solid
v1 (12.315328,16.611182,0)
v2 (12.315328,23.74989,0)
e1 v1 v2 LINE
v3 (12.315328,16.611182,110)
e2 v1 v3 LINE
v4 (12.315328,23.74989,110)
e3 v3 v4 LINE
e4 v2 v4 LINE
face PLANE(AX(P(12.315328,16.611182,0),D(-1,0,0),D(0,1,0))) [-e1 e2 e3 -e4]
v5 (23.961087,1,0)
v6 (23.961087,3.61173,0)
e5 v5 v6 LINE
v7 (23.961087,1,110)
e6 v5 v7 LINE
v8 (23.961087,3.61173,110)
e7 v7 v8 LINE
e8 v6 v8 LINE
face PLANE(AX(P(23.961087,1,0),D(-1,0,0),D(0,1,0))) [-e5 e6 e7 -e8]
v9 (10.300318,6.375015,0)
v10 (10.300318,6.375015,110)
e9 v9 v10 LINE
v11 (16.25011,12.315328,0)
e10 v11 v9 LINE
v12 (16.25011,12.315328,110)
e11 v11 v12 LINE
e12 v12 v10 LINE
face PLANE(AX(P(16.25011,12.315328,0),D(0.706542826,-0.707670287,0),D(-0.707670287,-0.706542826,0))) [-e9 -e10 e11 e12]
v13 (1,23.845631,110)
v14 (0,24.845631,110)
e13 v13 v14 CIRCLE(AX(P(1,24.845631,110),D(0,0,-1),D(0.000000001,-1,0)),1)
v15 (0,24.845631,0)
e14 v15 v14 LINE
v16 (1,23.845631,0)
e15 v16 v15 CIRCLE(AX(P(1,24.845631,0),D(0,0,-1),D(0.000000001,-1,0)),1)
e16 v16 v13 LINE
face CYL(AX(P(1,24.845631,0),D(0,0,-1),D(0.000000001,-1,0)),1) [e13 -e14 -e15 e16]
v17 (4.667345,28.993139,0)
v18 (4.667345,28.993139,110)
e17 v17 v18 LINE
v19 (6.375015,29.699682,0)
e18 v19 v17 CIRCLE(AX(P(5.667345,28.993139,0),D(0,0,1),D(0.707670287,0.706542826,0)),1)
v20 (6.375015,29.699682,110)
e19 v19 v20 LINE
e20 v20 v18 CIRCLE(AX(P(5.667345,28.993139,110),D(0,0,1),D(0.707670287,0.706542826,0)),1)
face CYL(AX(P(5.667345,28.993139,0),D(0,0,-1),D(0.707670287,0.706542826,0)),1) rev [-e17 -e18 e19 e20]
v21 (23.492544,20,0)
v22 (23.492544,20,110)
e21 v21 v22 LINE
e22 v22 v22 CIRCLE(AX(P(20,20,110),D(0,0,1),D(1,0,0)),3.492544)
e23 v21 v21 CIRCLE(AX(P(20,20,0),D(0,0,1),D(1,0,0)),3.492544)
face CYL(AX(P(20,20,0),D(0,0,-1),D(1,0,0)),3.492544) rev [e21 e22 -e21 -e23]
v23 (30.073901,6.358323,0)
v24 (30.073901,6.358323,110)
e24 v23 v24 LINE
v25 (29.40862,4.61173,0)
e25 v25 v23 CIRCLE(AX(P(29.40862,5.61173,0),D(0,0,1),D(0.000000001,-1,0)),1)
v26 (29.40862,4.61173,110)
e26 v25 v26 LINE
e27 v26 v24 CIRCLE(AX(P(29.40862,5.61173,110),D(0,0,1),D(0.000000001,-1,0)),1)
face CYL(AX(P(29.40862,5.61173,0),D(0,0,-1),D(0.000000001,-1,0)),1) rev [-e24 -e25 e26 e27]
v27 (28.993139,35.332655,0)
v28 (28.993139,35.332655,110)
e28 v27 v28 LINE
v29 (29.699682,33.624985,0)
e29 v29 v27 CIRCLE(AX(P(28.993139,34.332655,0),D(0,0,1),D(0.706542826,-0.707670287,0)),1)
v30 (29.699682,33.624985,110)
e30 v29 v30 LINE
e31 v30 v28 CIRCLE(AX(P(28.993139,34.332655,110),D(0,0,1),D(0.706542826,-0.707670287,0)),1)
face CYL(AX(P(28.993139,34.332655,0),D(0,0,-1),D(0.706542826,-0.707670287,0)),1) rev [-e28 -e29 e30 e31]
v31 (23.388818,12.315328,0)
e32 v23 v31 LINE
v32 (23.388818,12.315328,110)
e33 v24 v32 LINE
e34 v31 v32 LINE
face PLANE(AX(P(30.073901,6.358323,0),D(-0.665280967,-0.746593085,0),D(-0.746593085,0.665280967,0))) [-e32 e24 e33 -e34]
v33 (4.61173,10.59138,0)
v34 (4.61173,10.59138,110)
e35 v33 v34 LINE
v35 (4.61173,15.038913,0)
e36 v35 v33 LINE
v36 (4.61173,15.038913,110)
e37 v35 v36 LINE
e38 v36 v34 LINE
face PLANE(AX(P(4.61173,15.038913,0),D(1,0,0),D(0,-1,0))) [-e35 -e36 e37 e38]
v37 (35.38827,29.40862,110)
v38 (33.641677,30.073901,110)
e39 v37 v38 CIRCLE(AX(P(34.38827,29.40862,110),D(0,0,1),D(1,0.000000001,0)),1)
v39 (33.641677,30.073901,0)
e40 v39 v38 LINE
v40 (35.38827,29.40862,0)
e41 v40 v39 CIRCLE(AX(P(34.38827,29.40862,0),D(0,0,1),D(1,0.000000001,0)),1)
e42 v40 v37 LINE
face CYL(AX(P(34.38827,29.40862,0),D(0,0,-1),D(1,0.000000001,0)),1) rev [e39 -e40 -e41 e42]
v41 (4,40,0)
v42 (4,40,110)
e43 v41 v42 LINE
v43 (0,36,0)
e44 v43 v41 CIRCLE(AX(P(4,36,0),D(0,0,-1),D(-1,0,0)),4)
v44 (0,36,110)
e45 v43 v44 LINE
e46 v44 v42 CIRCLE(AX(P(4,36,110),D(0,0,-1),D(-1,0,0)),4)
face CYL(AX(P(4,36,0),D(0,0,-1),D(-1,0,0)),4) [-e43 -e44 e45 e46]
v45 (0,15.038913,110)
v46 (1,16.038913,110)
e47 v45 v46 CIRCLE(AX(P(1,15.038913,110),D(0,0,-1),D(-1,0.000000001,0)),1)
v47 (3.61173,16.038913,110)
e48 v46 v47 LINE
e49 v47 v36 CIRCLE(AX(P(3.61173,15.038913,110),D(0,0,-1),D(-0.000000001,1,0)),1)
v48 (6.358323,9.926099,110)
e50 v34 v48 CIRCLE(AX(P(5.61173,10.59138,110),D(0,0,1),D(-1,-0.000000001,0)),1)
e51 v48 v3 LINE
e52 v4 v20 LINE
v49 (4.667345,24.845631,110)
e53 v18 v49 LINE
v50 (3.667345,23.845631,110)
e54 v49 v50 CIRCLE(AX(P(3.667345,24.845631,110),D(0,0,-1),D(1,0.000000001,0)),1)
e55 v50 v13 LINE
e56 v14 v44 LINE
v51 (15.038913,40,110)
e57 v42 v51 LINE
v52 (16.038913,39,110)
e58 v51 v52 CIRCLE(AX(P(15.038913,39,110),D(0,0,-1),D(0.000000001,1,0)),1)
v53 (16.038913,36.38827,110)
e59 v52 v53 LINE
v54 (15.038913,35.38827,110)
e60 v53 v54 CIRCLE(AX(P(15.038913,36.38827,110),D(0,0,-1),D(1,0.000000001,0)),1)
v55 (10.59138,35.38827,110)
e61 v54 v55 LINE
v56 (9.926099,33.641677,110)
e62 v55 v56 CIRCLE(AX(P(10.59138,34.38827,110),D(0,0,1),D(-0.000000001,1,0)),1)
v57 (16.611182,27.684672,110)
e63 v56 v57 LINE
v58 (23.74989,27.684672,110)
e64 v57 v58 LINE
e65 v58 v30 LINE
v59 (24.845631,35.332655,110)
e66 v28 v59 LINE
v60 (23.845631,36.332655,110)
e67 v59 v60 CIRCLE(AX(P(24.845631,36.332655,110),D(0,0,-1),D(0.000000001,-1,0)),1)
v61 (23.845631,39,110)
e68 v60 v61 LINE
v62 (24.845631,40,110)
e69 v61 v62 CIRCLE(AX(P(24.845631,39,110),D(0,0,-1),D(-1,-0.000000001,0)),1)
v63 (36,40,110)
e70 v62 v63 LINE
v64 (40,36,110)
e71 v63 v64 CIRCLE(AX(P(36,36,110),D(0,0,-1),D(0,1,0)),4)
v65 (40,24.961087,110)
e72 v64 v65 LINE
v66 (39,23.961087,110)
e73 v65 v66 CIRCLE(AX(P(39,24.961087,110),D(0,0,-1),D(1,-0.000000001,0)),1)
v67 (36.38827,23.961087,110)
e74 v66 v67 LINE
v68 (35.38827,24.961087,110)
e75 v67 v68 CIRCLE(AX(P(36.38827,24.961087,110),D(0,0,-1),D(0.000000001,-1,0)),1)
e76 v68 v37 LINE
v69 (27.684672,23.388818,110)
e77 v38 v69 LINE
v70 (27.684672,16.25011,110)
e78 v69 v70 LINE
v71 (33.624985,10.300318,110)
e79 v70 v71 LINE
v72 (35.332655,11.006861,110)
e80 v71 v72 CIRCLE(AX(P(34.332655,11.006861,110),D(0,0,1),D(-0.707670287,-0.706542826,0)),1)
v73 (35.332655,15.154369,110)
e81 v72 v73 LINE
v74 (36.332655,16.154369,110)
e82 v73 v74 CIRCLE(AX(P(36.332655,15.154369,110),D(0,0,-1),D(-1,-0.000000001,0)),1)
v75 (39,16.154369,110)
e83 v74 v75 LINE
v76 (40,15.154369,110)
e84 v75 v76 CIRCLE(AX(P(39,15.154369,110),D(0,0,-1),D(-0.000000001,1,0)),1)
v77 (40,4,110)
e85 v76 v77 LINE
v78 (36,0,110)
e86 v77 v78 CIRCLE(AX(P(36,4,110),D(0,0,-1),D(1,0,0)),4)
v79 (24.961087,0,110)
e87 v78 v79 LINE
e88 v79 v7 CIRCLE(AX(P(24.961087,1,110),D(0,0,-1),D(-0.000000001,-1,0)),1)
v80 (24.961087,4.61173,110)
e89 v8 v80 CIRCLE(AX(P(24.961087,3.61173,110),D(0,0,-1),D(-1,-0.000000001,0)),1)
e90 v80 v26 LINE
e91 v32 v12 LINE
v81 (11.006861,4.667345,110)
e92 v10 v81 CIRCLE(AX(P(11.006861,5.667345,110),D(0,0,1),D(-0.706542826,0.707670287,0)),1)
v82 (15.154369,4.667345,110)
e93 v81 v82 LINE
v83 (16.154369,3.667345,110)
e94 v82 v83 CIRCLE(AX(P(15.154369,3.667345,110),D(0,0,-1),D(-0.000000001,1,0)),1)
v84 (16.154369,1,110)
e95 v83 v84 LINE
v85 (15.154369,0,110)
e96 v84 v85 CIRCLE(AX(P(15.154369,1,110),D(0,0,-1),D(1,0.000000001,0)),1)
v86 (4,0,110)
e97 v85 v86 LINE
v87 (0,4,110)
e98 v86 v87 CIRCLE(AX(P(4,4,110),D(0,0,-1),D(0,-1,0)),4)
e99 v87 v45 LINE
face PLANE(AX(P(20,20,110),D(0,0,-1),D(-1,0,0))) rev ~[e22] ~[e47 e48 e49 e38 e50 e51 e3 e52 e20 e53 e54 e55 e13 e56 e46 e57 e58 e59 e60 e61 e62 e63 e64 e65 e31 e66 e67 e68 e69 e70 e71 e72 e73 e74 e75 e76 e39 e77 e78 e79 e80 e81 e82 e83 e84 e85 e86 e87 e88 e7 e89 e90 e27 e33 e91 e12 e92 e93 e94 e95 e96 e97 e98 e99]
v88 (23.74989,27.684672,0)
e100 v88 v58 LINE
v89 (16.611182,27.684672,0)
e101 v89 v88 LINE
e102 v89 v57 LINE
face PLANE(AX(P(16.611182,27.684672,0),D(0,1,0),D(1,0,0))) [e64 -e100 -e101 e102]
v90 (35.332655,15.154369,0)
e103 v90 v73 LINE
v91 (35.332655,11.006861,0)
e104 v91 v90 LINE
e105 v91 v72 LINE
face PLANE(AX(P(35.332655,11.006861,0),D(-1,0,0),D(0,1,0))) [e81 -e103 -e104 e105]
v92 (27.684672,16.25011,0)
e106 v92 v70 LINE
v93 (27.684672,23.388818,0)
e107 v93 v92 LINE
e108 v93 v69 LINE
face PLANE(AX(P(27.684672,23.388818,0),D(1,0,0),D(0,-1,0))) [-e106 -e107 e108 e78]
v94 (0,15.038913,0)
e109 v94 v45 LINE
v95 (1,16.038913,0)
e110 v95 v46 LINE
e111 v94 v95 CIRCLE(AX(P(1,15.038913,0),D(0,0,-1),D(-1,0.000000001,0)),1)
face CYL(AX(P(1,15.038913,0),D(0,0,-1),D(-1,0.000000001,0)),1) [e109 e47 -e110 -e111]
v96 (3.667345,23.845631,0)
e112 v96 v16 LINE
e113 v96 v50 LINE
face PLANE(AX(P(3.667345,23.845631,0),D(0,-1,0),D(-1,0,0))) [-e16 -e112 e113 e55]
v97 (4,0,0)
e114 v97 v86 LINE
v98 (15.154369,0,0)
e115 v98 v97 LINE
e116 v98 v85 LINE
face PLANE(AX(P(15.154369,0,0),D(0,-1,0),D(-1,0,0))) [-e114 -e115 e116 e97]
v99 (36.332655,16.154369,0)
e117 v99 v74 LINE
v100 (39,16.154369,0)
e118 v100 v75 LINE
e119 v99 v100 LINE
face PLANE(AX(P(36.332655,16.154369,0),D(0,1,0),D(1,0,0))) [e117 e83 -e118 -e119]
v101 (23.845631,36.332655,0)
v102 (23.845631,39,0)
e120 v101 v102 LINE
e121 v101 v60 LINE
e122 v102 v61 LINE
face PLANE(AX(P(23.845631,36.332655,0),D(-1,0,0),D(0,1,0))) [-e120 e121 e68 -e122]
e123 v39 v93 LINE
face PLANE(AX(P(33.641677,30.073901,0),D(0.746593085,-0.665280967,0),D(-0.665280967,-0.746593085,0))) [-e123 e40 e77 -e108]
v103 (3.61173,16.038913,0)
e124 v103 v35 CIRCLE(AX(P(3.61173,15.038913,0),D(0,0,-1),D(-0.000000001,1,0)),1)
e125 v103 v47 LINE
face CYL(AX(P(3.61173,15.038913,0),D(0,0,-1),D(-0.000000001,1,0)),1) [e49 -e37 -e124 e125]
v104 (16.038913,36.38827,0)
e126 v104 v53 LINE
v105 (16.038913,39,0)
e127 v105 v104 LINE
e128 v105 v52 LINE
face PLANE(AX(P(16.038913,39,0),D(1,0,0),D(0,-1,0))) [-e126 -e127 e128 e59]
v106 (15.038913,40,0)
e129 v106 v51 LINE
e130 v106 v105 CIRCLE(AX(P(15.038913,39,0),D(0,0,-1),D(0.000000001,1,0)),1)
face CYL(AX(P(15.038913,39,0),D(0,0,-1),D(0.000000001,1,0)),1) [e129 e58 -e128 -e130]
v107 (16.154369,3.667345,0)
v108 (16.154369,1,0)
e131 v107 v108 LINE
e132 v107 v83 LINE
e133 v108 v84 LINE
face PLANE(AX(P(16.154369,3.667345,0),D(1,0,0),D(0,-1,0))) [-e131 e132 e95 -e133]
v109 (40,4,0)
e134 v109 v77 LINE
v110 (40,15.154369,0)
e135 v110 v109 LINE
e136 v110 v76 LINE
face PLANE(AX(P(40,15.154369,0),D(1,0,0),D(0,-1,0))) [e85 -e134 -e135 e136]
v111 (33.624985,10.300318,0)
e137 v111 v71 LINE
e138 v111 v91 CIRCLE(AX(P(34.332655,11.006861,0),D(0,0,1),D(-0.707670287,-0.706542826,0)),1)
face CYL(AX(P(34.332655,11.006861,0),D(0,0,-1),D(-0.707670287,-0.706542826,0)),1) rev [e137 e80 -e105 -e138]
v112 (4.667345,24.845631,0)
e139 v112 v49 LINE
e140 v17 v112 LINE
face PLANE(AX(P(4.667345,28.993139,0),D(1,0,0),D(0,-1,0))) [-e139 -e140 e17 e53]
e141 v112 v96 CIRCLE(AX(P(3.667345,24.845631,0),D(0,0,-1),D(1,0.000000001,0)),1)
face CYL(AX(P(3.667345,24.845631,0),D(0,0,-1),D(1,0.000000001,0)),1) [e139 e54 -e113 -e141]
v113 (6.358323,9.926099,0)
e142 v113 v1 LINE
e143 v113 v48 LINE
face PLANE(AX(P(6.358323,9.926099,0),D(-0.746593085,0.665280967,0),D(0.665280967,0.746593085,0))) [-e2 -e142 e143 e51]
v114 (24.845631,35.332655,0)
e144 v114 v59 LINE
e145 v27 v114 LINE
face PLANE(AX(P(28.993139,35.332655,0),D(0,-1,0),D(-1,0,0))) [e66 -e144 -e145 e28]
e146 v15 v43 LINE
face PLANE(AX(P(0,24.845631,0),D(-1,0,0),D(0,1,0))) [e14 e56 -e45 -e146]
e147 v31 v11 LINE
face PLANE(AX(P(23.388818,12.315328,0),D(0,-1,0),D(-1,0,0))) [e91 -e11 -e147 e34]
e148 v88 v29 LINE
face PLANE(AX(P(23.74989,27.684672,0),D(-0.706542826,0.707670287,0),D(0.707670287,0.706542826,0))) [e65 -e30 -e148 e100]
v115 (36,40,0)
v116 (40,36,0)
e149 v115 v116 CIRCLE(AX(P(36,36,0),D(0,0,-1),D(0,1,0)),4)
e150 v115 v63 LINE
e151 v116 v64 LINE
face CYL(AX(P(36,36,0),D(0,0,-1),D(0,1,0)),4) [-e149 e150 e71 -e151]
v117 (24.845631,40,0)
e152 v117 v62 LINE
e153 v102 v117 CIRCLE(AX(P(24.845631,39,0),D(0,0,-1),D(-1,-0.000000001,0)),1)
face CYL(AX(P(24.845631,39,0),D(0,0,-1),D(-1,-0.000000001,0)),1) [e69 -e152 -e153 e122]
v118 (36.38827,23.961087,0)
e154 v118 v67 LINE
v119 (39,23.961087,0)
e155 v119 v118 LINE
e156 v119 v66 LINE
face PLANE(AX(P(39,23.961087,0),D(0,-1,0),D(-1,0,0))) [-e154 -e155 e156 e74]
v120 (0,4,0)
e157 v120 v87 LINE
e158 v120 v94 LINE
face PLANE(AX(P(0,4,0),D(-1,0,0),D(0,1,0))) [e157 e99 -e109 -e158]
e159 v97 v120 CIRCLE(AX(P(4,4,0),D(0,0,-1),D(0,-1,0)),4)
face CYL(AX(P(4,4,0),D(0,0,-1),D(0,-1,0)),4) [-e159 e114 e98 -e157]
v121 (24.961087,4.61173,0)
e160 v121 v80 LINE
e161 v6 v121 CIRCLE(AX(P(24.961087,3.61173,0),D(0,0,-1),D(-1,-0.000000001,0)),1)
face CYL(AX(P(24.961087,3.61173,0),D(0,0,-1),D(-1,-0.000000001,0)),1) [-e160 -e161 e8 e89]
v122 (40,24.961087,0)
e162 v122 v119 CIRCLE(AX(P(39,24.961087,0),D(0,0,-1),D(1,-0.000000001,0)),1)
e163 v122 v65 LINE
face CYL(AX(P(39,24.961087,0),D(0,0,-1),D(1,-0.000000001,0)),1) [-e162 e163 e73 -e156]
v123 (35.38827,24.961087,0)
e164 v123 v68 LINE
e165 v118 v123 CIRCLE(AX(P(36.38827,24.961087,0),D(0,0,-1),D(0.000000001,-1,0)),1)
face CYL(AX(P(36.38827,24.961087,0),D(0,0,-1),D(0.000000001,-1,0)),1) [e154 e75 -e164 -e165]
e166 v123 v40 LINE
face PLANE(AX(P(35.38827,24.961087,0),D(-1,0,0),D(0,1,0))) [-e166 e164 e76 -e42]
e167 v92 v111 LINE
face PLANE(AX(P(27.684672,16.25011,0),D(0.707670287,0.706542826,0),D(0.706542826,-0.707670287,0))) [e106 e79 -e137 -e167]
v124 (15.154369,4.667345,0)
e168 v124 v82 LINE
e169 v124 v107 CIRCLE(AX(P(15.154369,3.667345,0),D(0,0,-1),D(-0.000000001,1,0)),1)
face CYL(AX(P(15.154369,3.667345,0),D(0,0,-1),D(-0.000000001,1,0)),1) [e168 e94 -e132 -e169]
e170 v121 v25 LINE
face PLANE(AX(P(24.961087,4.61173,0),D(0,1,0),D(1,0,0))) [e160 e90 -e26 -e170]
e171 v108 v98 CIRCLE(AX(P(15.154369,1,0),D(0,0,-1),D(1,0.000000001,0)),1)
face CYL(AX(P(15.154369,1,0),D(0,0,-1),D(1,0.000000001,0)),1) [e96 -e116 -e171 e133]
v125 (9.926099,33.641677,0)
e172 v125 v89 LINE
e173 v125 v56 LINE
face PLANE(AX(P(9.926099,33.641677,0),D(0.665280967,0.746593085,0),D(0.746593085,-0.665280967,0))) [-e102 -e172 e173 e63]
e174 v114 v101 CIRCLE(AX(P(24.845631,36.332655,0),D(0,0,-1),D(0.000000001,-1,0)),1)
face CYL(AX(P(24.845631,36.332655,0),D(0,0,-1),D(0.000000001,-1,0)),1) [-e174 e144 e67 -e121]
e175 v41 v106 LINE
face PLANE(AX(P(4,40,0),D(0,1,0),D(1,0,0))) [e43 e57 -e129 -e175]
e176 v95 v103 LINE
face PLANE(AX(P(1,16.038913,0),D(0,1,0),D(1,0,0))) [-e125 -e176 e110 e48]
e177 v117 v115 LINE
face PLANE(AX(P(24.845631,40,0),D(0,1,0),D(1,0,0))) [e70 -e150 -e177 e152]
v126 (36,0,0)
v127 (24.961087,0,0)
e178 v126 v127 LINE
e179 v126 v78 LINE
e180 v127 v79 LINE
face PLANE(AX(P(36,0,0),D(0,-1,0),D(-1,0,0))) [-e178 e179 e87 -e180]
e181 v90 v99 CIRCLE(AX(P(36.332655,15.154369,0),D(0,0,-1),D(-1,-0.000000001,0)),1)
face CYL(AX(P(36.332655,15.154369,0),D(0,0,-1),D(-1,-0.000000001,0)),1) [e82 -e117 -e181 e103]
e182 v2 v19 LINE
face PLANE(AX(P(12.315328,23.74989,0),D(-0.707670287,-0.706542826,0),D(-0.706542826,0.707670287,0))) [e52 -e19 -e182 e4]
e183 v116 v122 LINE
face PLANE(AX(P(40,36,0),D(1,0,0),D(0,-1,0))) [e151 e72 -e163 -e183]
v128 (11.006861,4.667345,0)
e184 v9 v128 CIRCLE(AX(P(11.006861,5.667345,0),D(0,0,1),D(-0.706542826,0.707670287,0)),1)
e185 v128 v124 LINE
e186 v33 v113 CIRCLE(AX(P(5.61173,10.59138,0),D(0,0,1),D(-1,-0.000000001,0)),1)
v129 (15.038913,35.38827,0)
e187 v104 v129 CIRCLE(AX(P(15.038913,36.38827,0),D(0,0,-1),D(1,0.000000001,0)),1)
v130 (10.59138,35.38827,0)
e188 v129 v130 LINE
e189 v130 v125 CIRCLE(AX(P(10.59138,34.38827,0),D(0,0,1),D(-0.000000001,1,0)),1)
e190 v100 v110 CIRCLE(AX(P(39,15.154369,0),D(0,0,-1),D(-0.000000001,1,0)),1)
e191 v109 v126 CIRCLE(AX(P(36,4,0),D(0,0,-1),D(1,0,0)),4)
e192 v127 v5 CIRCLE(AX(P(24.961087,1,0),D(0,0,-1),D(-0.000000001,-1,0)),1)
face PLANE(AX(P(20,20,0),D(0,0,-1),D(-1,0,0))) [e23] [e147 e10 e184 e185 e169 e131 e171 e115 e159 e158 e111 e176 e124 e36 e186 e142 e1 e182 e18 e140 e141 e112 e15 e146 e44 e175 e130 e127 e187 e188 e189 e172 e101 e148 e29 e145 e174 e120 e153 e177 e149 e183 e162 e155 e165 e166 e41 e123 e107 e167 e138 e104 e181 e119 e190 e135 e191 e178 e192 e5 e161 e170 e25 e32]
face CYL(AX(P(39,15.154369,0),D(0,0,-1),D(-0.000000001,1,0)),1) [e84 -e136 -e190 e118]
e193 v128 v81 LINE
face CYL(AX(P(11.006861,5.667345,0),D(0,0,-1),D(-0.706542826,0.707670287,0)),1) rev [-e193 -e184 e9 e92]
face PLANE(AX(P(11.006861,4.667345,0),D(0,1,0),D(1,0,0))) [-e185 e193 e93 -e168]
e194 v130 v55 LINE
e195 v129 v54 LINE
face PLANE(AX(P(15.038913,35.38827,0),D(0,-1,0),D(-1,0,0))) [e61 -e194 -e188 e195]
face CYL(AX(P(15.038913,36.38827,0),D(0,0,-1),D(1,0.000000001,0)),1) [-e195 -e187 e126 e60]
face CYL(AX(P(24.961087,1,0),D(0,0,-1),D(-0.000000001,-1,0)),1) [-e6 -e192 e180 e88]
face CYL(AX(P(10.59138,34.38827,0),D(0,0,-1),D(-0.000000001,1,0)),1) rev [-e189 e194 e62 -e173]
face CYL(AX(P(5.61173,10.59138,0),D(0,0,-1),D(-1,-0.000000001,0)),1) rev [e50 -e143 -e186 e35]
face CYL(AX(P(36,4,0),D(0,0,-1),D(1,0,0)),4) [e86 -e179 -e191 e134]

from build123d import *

# Parameters (mm, degrees)
SKETCH2_R           = 3.492543695
BOSS_EXTRUDE1_DEPTH = 110


with BuildPart() as part:
    # Sketch2 → Boss-Extrude1 (new body)
    with BuildSketch(Plane.XY):
        with BuildLine():
            Line((19.48831917, 27.684671829), (23.749889801, 27.684671829))
            Line((23.749889801, 27.684671829), (29.699681879, 33.624984685))
            ThreePointArc((29.699681879, 33.624984685), (29.917171057, 34.714970099), (28.993139054, 35.332654972))
            Line((28.993139054, 35.332654972), (24.845630957, 35.332654972))
            ThreePointArc((24.845630957, 35.332654972), (24.138524175, 35.625548191), (23.845630957, 36.332654972))
            Line((23.845630957, 36.332654972), (23.845630957, 39))
            ThreePointArc((23.845630957, 39), (24.138524175, 39.707106781), (24.845630957, 40))
            Line((24.845630957, 40), (36, 40))
            ThreePointArc((36, 40), (38.828427125, 38.828427125), (40, 36))
            Line((40, 36), (40, 24.961087436))
            ThreePointArc((40, 24.961087436), (39.707106781, 24.253980655), (39, 23.961087436))
            Line((39, 23.961087436), (36.388269628, 23.961087436))
            ThreePointArc((36.388269628, 23.961087436), (35.681162846, 24.253980655), (35.388269628, 24.961087436))
            Line((35.388269628, 24.961087436), (35.388269628, 29.408620307))
            ThreePointArc((35.388269628, 29.408620307), (34.744223919, 30.343123673), (33.641676542, 30.073901274))
            Line((33.641676542, 30.073901274), (27.684671829, 23.388818206))
            Line((27.684671829, 23.388818206), (27.684671829, 20.51168083))
            Line((27.684671829, 20.51168083), (27.684671829, 16.250110199))
            Line((27.684671829, 16.250110199), (33.624984685, 10.300318121))
            ThreePointArc((33.624984685, 10.300318121), (34.714970099, 10.082828943), (35.332654972, 11.006860946))
            Line((35.332654972, 11.006860946), (35.332654972, 15.154369043))
            ThreePointArc((35.332654972, 15.154369043), (35.625548191, 15.861475825), (36.332654972, 16.154369043))
            Line((36.332654972, 16.154369043), (39, 16.154369043))
            ThreePointArc((39, 16.154369043), (39.707106781, 15.861475825), (40, 15.154369043))
            Line((40, 15.154369043), (40, 4))
            ThreePointArc((40, 4), (38.828427125, 1.171572875), (36, 0))
            Line((36, 0), (24.961087436, 0))
            ThreePointArc((24.961087436, 0), (24.253980655, 0.292893219), (23.961087436, 1))
            Line((23.961087436, 1), (23.961087436, 3.611730372))
            ThreePointArc((23.961087436, 3.611730372), (24.253980655, 4.318837154), (24.961087436, 4.611730372))
            Line((24.961087436, 4.611730372), (29.408620307, 4.611730372))
            ThreePointArc((29.408620307, 4.611730372), (30.343123673, 5.255776081), (30.073901274, 6.358323458))
            Line((30.073901274, 6.358323458), (23.388818206, 12.315328171))
            Line((23.388818206, 12.315328171), (20.51168083, 12.315328171))
            Line((20.51168083, 12.315328171), (16.250110199, 12.315328171))
            Line((16.250110199, 12.315328171), (10.300318121, 6.375015315))
            ThreePointArc((10.300318121, 6.375015315), (10.082828943, 5.285029901), (11.006860946, 4.667345028))
            Line((11.006860946, 4.667345028), (15.154369043, 4.667345028))
            ThreePointArc((15.154369043, 4.667345028), (15.861475825, 4.374451809), (16.154369043, 3.667345028))
            Line((16.154369043, 3.667345028), (16.154369043, 1))
            ThreePointArc((16.154369043, 1), (15.861475825, 0.292893219), (15.154369043, 0))
            Line((15.154369043, 0), (4, 0))
            ThreePointArc((4, 0), (1.171572875, 1.171572875), (0, 4))
            Line((0, 4), (0, 15.038912564))
            ThreePointArc((0, 15.038912564), (0.292893219, 15.746019345), (1, 16.038912564))
            Line((1, 16.038912564), (3.611730372, 16.038912564))
            ThreePointArc((3.611730372, 16.038912564), (4.318837154, 15.746019345), (4.611730372, 15.038912564))
            Line((4.611730372, 15.038912564), (4.611730372, 10.591379693))
            ThreePointArc((4.611730372, 10.591379693), (5.255776081, 9.656876327), (6.358323458, 9.926098726))
            Line((6.358323458, 9.926098726), (12.315328171, 16.611181794))
            Line((12.315328171, 16.611181794), (12.315328171, 19.48831917))
            Line((12.315328171, 19.48831917), (12.315328171, 23.749889801))
            Line((12.315328171, 23.749889801), (6.375015315, 29.699681879))
            ThreePointArc((6.375015315, 29.699681879), (5.285029901, 29.917171057), (4.667345028, 28.993139054))
            Line((4.667345028, 28.993139054), (4.667345028, 24.845630957))
            ThreePointArc((4.667345028, 24.845630957), (4.374451809, 24.138524175), (3.667345028, 23.845630957))
            Line((3.667345028, 23.845630957), (1, 23.845630957))
            ThreePointArc((1, 23.845630957), (0.292893219, 24.138524175), (0, 24.845630957))
            Line((0, 24.845630957), (0, 36))
            ThreePointArc((0, 36), (1.171572875, 38.828427125), (4, 40))
            Line((4, 40), (15.038912564, 40))
            ThreePointArc((15.038912564, 40), (15.746019345, 39.707106781), (16.038912564, 39))
            Line((16.038912564, 39), (16.038912564, 36.388269628))
            ThreePointArc((16.038912564, 36.388269628), (15.746019345, 35.681162846), (15.038912564, 35.388269628))
            Line((15.038912564, 35.388269628), (10.591379693, 35.388269628))
            ThreePointArc((10.591379693, 35.388269628), (9.656876327, 34.744223919), (9.926098726, 33.641676542))
            Line((9.926098726, 33.641676542), (16.611181794, 27.684671829))
            Line((16.611181794, 27.684671829), (19.48831917, 27.684671829))
        make_face()
        with Locations((20, 20)):
            Circle(SKETCH2_R, mode=Mode.SUBTRACT)
    extrude(amount=BOSS_EXTRUDE1_DEPTH)


solid = part.part
